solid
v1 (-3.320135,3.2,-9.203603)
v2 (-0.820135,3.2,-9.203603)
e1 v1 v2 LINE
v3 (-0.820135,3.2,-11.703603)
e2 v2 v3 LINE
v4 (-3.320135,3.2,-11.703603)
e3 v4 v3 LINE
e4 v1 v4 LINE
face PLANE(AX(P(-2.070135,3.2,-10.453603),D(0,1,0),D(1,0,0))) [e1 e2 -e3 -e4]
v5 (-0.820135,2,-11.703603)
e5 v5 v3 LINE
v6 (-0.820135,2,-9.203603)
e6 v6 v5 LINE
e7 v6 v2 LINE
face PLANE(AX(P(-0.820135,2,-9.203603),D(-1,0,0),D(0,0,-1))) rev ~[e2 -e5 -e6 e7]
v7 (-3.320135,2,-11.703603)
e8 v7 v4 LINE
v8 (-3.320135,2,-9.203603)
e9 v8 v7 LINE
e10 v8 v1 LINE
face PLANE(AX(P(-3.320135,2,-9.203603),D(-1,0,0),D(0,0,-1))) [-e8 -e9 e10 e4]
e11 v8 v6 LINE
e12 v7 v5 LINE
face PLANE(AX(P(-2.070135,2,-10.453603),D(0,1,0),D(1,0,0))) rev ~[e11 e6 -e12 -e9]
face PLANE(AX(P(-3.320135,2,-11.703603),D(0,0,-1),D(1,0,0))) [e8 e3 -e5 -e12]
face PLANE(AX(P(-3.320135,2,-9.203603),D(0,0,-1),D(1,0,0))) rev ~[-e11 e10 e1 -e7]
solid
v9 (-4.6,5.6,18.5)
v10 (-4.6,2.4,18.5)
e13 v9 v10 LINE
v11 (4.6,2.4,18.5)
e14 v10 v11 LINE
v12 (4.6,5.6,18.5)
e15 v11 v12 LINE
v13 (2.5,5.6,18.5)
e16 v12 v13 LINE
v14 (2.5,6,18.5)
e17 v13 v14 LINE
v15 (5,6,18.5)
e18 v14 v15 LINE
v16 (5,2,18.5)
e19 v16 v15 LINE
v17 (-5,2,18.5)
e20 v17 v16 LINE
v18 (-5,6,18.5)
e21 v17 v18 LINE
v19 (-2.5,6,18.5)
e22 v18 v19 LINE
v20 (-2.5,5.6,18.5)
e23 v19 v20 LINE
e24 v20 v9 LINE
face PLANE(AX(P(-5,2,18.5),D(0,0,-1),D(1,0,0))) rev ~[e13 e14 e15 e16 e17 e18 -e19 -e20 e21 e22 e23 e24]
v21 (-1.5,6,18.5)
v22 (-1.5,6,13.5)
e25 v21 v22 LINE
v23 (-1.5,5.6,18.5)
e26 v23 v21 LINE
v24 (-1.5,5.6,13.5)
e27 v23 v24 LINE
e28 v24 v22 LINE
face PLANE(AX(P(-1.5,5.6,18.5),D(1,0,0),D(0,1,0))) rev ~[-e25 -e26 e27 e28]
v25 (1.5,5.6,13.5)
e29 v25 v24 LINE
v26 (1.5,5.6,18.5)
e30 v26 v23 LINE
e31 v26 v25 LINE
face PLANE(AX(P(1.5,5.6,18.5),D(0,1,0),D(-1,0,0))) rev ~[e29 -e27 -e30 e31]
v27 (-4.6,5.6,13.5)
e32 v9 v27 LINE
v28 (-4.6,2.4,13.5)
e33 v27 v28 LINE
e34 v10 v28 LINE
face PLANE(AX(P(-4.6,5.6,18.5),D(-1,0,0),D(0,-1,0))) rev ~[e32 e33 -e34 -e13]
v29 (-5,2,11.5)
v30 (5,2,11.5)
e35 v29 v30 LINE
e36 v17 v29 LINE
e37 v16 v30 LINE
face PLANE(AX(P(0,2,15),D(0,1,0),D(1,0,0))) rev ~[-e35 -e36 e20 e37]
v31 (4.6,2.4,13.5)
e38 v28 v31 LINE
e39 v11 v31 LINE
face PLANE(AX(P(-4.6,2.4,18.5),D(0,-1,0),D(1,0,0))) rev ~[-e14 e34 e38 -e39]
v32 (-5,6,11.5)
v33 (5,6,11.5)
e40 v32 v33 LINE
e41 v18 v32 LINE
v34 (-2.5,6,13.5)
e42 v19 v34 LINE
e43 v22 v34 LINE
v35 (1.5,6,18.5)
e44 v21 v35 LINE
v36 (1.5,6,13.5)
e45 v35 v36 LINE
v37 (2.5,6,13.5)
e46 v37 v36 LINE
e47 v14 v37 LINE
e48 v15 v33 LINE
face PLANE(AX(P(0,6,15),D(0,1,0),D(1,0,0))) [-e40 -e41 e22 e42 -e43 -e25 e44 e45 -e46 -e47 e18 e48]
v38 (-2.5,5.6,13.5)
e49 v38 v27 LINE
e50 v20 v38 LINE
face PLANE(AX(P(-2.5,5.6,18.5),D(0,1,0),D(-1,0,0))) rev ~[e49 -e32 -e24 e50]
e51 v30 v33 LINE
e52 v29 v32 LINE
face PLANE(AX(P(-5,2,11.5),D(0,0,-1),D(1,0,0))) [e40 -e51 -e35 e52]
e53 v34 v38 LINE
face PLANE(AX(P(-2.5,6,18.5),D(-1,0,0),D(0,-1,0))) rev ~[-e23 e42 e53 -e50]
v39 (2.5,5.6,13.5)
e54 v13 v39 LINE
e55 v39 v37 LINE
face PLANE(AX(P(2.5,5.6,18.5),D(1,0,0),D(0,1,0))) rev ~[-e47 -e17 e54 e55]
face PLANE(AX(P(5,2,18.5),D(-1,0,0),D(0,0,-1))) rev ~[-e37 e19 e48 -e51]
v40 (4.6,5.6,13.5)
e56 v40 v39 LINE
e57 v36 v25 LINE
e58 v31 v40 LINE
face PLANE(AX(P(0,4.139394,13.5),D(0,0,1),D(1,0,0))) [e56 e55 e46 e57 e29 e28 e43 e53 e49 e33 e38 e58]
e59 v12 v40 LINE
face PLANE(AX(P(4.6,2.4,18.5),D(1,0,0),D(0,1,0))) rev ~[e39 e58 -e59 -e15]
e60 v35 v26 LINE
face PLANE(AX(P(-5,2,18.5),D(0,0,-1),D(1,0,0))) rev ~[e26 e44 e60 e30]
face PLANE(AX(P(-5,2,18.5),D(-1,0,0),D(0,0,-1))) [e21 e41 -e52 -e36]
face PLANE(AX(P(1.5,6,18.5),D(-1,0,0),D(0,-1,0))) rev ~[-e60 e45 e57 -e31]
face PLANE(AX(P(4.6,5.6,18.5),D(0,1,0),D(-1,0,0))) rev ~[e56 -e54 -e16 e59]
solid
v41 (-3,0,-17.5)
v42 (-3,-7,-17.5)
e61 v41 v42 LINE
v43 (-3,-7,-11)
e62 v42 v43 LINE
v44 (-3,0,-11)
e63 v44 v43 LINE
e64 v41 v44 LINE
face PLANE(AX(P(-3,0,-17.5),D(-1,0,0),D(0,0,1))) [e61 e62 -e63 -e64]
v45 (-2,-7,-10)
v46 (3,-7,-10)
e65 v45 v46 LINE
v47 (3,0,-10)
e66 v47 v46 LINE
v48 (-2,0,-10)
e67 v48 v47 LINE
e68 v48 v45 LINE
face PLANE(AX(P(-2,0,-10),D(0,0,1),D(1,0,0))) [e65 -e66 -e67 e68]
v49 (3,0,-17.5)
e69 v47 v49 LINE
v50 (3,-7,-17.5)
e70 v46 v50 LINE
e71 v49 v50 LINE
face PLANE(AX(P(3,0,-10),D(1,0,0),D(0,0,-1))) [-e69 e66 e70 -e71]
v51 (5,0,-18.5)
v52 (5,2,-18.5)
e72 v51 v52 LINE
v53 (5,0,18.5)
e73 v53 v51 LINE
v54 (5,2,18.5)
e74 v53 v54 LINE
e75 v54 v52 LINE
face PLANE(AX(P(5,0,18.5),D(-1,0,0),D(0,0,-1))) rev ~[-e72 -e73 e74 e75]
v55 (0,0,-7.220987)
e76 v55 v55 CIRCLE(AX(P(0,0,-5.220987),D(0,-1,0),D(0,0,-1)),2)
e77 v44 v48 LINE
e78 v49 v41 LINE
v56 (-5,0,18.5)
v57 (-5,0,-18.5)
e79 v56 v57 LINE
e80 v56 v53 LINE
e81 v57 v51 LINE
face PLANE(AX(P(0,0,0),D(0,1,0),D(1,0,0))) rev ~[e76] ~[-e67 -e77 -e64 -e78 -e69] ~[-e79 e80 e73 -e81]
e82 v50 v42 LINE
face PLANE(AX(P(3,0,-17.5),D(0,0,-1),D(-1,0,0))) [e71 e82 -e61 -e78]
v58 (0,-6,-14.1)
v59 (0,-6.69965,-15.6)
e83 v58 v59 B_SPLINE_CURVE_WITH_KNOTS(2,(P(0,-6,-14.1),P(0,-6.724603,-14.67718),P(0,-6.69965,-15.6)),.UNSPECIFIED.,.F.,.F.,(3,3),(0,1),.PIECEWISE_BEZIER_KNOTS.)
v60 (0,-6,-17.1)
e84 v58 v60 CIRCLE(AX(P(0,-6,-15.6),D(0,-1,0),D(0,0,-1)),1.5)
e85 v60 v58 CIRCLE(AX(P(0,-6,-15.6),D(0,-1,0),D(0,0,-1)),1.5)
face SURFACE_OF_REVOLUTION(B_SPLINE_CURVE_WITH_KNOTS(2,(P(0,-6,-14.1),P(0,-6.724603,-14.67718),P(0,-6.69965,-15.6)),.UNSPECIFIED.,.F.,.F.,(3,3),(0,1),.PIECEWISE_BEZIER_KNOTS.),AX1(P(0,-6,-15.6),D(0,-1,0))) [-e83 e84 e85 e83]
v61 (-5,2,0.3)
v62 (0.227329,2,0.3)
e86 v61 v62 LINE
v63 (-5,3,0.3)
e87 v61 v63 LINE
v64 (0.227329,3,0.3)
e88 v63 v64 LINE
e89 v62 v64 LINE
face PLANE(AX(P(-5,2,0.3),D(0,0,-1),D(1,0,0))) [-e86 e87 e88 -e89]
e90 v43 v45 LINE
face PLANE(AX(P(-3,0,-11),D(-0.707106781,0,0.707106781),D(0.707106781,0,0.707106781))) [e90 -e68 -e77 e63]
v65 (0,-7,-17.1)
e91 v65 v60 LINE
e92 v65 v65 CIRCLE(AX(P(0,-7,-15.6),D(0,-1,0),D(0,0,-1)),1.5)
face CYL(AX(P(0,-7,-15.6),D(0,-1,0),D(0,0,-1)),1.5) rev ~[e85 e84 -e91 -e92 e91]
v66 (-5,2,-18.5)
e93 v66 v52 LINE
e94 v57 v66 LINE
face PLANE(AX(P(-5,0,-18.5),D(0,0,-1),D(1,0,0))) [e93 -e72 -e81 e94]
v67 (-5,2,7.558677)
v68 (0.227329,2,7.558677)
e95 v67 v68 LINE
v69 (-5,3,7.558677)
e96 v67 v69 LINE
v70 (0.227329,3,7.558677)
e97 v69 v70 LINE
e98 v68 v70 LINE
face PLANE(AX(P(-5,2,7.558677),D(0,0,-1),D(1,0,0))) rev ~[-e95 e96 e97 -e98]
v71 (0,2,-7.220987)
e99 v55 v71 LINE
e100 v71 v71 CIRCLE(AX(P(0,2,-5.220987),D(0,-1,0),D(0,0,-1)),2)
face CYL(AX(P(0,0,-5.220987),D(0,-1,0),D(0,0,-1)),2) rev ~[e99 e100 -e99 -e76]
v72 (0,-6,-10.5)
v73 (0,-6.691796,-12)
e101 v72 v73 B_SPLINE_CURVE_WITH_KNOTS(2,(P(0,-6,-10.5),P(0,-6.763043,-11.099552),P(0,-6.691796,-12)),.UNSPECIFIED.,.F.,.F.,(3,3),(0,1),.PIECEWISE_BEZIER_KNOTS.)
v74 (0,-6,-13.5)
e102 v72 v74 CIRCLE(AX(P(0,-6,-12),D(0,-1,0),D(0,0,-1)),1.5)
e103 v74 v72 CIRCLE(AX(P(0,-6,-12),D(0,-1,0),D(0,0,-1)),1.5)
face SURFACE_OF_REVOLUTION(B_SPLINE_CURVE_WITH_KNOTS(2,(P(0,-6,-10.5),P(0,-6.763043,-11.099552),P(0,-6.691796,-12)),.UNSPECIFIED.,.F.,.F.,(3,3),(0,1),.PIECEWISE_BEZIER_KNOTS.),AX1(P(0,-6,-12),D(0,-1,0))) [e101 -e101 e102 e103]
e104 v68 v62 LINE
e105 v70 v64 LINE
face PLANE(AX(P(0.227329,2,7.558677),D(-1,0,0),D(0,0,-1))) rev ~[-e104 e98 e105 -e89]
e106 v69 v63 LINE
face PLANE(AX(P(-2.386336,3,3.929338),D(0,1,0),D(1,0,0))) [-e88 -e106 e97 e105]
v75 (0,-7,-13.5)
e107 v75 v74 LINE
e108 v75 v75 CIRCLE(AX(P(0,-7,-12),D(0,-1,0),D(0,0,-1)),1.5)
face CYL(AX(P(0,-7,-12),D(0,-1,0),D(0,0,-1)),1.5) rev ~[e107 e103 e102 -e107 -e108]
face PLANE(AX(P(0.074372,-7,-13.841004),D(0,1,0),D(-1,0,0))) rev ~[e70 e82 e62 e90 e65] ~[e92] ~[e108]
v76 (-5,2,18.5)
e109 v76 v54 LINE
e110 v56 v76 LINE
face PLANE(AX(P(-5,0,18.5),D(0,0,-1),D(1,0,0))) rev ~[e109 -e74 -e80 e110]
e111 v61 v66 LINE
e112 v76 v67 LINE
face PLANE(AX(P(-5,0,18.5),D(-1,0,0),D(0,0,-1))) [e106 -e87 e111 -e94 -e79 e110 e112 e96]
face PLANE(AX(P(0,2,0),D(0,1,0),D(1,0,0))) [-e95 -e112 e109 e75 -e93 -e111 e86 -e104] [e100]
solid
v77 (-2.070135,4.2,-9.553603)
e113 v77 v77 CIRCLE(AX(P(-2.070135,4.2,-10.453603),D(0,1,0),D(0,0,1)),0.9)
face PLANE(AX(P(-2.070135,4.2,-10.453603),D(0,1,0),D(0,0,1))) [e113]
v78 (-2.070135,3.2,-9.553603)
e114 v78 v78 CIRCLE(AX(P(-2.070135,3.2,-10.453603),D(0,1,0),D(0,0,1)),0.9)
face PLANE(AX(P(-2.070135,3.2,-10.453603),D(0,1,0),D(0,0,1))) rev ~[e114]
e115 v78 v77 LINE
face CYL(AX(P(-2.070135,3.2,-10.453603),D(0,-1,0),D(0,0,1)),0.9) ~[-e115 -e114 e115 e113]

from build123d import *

# Parameters (mm, degrees)
SKETCH_1_W          = 10
SKETCH_1_H          = 37
EXTRUDE_1_DEPTH     = 2
SKETCH_2_W          = 10
SKETCH_2_H          = 7
EXTRUDE_2_DEPTH     = 4
CUT_EXTRUDE_1_DEPTH = 5
SKETCH_4_R          = 2
CUT_EXTRUDE_2_DEPTH = 5
EXTRUDE_3_DEPTH     = 7
SKETCH_6_W          = 5.227328637
SKETCH_6_H          = 7.258677384
EXTRUDE_4_DEPTH     = 1
SKETCH_7_W          = 2.5
SKETCH_7_H          = 2.5
EXTRUDE_5_DEPTH     = 1.2
SKETCH_8_R          = 0.9
EXTRUDE_6_DEPTH     = 1
SKETCH_9_R          = 1.5
CUT_EXTRUDE_3_DEPTH = 1


with BuildPart() as part:
    # 草图1 → 凸台-拉伸1 (new body)
    with BuildSketch(Plane(origin=(0, 0, 0), x_dir=(1, 0, 0), z_dir=(0, 1, 0))):
        Rectangle(SKETCH_1_W, SKETCH_1_H)
    extrude(amount=EXTRUDE_1_DEPTH)

    # 草图4 → 切除-拉伸2 (cut)
    with BuildSketch(Plane.XZ):
        with Locations((0, -5.22098653)):
            Circle(SKETCH_4_R)
    extrude(amount=-CUT_EXTRUDE_2_DEPTH, mode=Mode.SUBTRACT)

    # 草图5 → 凸台-拉伸3 (add)
    with BuildSketch(Plane.XZ):
        Polygon((-2, -10), (3, -10), (3, -17.5), (-3, -17.5), (-3, -11), align=None)
    extrude(amount=EXTRUDE_3_DEPTH)

    # 草图6 → 凸台-拉伸4 (add)
    with BuildSketch(Plane(origin=(0, 2, 0), x_dir=(1, 0, 0), z_dir=(0, 1, 0))):
        with Locations((-2.386335681, -3.929338472)):
            Rectangle(SKETCH_6_W, SKETCH_6_H)
    extrude(amount=EXTRUDE_4_DEPTH)

    # 草图9 → 切除-拉伸3 (cut)
    with BuildSketch(Plane.XZ.offset(7)):
        with Locations((0, -12)):
            Circle(SKETCH_9_R)
        with Locations((0, -15.6)):
            Circle(SKETCH_9_R)
    extrude(amount=-CUT_EXTRUDE_3_DEPTH, mode=Mode.SUBTRACT)

    # 草图10 → 旋转1 (revolve)
    with BuildSketch(Plane(origin=(0, 0, 0), x_dir=(0, -1, 0), z_dir=(1, 0, 0))):
        with BuildLine():
            Line((6, 12), (6.691796367, 12))
            add(Edge.make_bspline(
                [(6, 10.5), (6.763042872, 11.099552197), (6.691796367, 12)],
                knots=[0, 0, 0, 1, 1, 1], degree=2))
            Line((6, 10.5), (6, 12))
        make_face()
    revolve(axis=Axis((0, -6, -12), (0, -1, 0)))

    # 草图11 → 旋转2 (revolve)
    with BuildSketch(Plane(origin=(0, 0, 0), x_dir=(0, -1, 0), z_dir=(1, 0, 0))):
        with BuildLine():
            Line((6, 14.1), (6, 15.6))
            Line((6, 15.6), (6.699650248, 15.6))
            add(Edge.make_bspline(
                [(6, 14.1), (6.724602688, 14.677179589), (6.699650248, 15.6)],
                knots=[0, 0, 0, 1, 1, 1], degree=2))
        make_face()
    revolve(axis=Axis((0, -6, -15.6), (0, -1, 0)))


with BuildPart() as body_2:
    # 草图2 → 凸台-拉伸2 (new body)
    with BuildSketch(Plane(origin=(0, 2, 0), x_dir=(1, 0, 0), z_dir=(0, 1, 0))):
        with Locations((0, -15)):
            Rectangle(SKETCH_2_W, SKETCH_2_H)
    extrude(amount=EXTRUDE_2_DEPTH)

    # 草图3 → 切除-拉伸1 (cut)
    with BuildSketch(Plane.XY.offset(18.5)):
        Polygon((1.5, 6), (1.5, 5.6), (-1.5, 5.6), (-1.5, 6), (-2.5, 6), (-2.5, 5.6), (-4.6, 5.6), (-4.6, 2.4), (4.6, 2.4), (4.6, 5.6), (2.5, 5.6), (2.5, 6), align=None)
    extrude(amount=-CUT_EXTRUDE_1_DEPTH, mode=Mode.SUBTRACT)


with BuildPart() as body_3:
    # 草图7 → 凸台-拉伸5 (new body)
    with BuildSketch(Plane(origin=(0, 2, 0), x_dir=(1, 0, 0), z_dir=(0, 1, 0))):
        with Locations((-2.070135445, 10.45360344)):
            Rectangle(SKETCH_7_W, SKETCH_7_H)
    extrude(amount=EXTRUDE_5_DEPTH)


with BuildPart() as body_4:
    # 草图8 → 凸台-拉伸6 (new body)
    with BuildSketch(Plane(origin=(0, 3.2, 0), x_dir=(1, 0, 0), z_dir=(0, 1, 0))):
        with Locations((-2.070135445, 10.45360344)):
            Circle(SKETCH_8_R)
    extrude(amount=EXTRUDE_6_DEPTH)


solid = Compound([part.part, body_2.part, body_3.part, body_4.part])
